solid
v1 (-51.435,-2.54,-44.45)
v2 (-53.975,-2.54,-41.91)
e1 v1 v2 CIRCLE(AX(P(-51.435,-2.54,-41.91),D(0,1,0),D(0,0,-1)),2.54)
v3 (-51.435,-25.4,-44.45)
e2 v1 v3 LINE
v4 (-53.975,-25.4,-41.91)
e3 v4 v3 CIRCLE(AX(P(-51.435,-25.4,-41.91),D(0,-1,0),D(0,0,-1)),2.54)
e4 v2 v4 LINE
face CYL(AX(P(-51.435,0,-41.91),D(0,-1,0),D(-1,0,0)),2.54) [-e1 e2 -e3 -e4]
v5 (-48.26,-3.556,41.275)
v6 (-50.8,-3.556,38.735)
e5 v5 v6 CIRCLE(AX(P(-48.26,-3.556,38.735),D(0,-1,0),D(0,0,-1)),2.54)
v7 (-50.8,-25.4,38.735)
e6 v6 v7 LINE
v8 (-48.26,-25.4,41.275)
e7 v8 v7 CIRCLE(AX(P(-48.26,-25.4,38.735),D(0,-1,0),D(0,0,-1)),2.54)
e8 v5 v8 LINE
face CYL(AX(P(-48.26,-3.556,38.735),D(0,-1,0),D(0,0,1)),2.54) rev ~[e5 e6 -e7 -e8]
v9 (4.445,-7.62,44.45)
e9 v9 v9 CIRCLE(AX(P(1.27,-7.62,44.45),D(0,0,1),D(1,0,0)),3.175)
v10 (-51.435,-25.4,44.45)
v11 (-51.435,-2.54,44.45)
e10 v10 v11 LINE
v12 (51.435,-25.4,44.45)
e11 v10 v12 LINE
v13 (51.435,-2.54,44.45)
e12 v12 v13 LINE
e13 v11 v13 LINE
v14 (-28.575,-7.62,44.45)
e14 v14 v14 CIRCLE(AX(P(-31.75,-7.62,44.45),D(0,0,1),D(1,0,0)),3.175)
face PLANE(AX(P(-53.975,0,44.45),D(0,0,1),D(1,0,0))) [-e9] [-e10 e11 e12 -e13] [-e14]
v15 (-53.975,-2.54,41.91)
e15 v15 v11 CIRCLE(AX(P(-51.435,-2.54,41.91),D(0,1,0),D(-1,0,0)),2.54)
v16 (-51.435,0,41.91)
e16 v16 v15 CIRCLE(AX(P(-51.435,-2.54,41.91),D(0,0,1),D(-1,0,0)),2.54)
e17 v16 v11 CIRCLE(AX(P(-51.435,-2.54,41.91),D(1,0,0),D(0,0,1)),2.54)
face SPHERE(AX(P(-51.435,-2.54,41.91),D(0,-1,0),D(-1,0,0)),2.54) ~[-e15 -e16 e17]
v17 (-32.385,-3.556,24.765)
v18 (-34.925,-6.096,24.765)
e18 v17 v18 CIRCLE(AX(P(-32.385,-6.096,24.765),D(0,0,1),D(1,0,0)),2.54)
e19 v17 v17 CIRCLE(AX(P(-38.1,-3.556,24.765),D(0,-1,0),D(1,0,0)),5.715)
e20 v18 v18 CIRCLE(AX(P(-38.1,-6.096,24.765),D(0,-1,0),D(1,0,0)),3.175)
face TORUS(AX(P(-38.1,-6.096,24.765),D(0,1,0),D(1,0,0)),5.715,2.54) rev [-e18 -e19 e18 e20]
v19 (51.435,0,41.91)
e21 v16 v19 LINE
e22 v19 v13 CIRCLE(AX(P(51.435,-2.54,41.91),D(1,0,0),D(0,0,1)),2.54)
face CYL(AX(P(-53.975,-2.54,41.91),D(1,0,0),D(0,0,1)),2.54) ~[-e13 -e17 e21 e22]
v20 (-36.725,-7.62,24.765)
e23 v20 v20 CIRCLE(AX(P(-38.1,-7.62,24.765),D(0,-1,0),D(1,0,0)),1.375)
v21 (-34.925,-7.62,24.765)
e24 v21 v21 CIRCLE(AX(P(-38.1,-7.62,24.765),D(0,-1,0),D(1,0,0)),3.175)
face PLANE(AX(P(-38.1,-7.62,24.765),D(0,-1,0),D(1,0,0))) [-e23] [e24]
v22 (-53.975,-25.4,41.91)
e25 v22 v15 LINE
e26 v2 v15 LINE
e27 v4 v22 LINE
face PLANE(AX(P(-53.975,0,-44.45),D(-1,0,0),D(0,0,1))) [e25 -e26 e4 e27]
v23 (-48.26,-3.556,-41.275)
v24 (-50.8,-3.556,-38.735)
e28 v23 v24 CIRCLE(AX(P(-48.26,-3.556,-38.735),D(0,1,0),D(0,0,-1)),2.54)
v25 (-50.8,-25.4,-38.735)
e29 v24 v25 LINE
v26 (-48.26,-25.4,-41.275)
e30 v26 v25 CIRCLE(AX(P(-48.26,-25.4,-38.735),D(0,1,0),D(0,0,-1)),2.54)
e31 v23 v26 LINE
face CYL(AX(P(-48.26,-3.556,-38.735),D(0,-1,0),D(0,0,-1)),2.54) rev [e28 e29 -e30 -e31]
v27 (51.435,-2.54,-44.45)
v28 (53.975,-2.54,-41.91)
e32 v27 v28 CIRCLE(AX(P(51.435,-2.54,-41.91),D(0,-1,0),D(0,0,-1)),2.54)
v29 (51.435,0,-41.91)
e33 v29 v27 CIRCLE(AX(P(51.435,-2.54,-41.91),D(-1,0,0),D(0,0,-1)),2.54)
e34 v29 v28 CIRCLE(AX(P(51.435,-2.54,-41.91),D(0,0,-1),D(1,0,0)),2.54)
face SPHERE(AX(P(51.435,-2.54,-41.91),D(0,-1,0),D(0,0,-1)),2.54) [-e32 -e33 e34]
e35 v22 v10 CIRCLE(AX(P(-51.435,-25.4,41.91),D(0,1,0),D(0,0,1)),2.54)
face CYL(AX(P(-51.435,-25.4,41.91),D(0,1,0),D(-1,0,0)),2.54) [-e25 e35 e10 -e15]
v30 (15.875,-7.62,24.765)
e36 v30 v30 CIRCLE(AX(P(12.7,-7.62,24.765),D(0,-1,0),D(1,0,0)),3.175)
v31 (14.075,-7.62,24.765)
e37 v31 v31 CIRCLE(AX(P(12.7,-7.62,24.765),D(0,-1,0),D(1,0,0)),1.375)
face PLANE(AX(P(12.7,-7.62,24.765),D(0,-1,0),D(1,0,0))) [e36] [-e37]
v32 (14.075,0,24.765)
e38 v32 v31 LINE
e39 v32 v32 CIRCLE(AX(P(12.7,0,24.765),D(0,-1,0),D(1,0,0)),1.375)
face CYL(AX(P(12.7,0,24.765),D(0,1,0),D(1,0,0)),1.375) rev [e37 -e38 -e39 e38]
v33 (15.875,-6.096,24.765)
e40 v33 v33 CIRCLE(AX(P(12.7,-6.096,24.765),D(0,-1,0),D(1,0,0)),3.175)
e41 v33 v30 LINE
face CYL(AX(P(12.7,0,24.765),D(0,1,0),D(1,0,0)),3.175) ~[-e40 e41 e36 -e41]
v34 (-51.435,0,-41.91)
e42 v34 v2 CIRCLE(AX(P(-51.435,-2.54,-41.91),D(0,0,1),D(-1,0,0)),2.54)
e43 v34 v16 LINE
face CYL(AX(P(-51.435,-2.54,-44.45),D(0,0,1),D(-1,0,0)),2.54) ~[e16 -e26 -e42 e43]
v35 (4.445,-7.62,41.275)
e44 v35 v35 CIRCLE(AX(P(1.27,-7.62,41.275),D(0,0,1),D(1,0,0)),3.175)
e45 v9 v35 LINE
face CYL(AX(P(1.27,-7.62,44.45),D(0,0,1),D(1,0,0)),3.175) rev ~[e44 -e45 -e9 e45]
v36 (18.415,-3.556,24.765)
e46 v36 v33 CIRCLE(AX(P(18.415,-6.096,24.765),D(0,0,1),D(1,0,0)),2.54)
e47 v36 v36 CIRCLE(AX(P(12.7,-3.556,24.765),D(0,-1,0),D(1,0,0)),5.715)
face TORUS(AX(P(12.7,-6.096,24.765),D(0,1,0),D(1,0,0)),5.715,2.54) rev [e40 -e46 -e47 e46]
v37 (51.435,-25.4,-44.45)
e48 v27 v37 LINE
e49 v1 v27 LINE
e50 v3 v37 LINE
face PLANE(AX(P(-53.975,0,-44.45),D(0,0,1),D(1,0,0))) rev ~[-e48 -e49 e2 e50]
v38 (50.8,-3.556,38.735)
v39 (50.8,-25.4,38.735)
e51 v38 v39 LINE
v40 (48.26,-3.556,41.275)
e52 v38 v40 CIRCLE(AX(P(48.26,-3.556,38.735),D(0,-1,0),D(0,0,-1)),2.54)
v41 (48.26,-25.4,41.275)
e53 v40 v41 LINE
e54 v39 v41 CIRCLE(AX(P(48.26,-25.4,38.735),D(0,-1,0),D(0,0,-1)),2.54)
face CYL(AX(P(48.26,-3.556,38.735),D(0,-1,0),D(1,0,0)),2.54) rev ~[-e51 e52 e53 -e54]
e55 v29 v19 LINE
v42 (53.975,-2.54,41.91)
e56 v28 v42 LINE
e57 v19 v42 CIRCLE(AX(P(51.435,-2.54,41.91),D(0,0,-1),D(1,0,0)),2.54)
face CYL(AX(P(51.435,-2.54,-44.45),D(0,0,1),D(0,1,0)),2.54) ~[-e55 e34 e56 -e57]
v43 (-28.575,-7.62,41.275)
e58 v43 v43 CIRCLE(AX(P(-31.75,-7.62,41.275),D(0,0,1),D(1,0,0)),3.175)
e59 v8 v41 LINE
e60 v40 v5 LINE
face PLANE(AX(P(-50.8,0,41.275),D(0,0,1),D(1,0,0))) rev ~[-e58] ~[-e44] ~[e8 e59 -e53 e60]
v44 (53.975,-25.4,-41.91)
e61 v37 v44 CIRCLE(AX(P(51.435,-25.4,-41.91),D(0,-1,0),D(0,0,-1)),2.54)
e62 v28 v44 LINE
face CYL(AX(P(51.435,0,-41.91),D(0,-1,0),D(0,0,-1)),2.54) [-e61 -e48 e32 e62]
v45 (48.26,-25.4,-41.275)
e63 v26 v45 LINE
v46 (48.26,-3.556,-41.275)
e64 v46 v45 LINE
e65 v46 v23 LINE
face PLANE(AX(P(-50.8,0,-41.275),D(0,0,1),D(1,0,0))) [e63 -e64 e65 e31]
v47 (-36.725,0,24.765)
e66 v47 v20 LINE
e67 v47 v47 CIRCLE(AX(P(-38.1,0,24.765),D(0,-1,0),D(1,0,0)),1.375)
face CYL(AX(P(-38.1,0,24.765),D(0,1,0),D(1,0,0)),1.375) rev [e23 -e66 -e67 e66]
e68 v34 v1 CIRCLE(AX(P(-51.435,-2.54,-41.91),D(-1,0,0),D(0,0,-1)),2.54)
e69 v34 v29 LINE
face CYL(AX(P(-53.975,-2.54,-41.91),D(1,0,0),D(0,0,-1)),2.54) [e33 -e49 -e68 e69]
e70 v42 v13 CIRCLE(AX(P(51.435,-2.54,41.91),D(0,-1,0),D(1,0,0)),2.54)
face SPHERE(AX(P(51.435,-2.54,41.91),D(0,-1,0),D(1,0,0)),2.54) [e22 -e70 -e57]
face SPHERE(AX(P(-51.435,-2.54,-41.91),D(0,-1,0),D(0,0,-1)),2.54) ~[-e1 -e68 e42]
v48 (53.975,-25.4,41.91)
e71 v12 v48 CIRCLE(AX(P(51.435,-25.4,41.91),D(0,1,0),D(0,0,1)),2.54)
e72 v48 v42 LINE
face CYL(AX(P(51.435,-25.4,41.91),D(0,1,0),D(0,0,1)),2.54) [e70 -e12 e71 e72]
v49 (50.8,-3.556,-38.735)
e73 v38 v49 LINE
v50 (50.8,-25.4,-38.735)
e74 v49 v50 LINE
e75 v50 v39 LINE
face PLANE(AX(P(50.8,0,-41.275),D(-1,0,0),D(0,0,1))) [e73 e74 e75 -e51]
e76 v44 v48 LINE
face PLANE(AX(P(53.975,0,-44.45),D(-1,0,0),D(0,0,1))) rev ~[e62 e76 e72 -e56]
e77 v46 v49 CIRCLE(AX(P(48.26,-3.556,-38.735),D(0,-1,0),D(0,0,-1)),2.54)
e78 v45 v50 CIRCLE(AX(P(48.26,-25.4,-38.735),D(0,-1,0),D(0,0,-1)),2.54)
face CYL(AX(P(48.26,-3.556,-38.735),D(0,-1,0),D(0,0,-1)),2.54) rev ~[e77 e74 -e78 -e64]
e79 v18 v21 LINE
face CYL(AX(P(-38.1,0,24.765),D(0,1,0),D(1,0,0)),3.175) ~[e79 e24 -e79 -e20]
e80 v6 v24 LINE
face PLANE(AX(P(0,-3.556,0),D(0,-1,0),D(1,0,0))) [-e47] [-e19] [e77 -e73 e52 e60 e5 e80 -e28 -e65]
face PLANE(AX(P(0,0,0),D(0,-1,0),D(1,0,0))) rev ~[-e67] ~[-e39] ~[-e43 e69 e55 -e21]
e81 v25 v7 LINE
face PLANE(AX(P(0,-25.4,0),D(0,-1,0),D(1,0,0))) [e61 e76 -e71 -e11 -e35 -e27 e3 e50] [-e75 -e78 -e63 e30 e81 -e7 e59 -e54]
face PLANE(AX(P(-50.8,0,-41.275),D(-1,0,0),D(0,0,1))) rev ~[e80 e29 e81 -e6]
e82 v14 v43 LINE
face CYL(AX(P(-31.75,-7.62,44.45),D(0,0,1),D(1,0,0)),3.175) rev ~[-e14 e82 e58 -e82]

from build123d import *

# Parameters (mm, degrees)
F0_W     = 107.95
F0_H     = 88.9
F0_W_2   = 101.6
F0_H_2   = 82.55
F0_R     = 3.175
F1_DEPTH = 3.556
F0_R_2   = 1.375
F2_DEPTH = 7.62
F3_DEPTH = 25.4
F4_R     = 3.175
F5_DEPTH = 5.08
F6_R     = 2.54


with BuildPart() as f1:
    # F0 (on Front) → F1 (new body)
    with BuildSketch(Plane.XZ):
        Rectangle(F0_W, F0_H)
        Rectangle(F0_W_2, F0_H_2, mode=Mode.SUBTRACT)
        Rectangle(F0_W_2, F0_H_2)
        with Locations((-38.1, 24.765)):
            Circle(F0_R, mode=Mode.SUBTRACT)
        with Locations((12.7, 24.765)):
            Circle(F0_R, mode=Mode.SUBTRACT)
    extrude(amount=F1_DEPTH)

    # F0 (on Front) → F2 (join)
    with BuildSketch(Plane.XZ):
        with Locations((-38.1, 24.765)):
            Circle(F0_R)
        with Locations((-38.1, 24.765)):
            Circle(F0_R_2, mode=Mode.SUBTRACT)
        with Locations((12.7, 24.765)):
            Circle(F0_R)
        with Locations((12.7, 24.765)):
            Circle(F0_R_2, mode=Mode.SUBTRACT)
    extrude(amount=F2_DEPTH)

    # F0 (on Front) → F3 (join)
    with BuildSketch(Plane.XZ):
        Rectangle(F0_W, F0_H)
        Rectangle(F0_W_2, F0_H_2, mode=Mode.SUBTRACT)
    extrude(amount=F3_DEPTH)

    # F4 (on face) → F5 (cut)
    with BuildSketch(Plane.XY.offset(44.45)):
        with Locations((1.27, -7.62)):
            Circle(F4_R)
        with Locations((-31.75, -7.62)):
            Circle(F4_R)
    extrude(amount=-F5_DEPTH, mode=Mode.SUBTRACT)

    # F6
    f6_edges = [f1.edges().sort_by_distance(p)[0] for p in [
        (-53.975, -12.7, 44.45),
        (-50.8, -14.478, 41.275),
        (53.975, -12.7, 44.45),
        (-53.975, -12.7, -44.45),
        (50.8, -14.478, 41.275),
        (-50.8, -14.478, -41.275),
        (53.975, -12.7, -44.45),
        (50.8, -14.478, -41.275),
        (0, 0, -44.45),
        (53.975, 0, 0),
        (-53.975, 0, 0),
        (0, 0, 44.45),
        (9.525, -3.556, 24.765),
        (-41.275, -3.556, 24.765),
    ]]
    fillet(f6_edges, radius=F6_R)


solid = f1.part
